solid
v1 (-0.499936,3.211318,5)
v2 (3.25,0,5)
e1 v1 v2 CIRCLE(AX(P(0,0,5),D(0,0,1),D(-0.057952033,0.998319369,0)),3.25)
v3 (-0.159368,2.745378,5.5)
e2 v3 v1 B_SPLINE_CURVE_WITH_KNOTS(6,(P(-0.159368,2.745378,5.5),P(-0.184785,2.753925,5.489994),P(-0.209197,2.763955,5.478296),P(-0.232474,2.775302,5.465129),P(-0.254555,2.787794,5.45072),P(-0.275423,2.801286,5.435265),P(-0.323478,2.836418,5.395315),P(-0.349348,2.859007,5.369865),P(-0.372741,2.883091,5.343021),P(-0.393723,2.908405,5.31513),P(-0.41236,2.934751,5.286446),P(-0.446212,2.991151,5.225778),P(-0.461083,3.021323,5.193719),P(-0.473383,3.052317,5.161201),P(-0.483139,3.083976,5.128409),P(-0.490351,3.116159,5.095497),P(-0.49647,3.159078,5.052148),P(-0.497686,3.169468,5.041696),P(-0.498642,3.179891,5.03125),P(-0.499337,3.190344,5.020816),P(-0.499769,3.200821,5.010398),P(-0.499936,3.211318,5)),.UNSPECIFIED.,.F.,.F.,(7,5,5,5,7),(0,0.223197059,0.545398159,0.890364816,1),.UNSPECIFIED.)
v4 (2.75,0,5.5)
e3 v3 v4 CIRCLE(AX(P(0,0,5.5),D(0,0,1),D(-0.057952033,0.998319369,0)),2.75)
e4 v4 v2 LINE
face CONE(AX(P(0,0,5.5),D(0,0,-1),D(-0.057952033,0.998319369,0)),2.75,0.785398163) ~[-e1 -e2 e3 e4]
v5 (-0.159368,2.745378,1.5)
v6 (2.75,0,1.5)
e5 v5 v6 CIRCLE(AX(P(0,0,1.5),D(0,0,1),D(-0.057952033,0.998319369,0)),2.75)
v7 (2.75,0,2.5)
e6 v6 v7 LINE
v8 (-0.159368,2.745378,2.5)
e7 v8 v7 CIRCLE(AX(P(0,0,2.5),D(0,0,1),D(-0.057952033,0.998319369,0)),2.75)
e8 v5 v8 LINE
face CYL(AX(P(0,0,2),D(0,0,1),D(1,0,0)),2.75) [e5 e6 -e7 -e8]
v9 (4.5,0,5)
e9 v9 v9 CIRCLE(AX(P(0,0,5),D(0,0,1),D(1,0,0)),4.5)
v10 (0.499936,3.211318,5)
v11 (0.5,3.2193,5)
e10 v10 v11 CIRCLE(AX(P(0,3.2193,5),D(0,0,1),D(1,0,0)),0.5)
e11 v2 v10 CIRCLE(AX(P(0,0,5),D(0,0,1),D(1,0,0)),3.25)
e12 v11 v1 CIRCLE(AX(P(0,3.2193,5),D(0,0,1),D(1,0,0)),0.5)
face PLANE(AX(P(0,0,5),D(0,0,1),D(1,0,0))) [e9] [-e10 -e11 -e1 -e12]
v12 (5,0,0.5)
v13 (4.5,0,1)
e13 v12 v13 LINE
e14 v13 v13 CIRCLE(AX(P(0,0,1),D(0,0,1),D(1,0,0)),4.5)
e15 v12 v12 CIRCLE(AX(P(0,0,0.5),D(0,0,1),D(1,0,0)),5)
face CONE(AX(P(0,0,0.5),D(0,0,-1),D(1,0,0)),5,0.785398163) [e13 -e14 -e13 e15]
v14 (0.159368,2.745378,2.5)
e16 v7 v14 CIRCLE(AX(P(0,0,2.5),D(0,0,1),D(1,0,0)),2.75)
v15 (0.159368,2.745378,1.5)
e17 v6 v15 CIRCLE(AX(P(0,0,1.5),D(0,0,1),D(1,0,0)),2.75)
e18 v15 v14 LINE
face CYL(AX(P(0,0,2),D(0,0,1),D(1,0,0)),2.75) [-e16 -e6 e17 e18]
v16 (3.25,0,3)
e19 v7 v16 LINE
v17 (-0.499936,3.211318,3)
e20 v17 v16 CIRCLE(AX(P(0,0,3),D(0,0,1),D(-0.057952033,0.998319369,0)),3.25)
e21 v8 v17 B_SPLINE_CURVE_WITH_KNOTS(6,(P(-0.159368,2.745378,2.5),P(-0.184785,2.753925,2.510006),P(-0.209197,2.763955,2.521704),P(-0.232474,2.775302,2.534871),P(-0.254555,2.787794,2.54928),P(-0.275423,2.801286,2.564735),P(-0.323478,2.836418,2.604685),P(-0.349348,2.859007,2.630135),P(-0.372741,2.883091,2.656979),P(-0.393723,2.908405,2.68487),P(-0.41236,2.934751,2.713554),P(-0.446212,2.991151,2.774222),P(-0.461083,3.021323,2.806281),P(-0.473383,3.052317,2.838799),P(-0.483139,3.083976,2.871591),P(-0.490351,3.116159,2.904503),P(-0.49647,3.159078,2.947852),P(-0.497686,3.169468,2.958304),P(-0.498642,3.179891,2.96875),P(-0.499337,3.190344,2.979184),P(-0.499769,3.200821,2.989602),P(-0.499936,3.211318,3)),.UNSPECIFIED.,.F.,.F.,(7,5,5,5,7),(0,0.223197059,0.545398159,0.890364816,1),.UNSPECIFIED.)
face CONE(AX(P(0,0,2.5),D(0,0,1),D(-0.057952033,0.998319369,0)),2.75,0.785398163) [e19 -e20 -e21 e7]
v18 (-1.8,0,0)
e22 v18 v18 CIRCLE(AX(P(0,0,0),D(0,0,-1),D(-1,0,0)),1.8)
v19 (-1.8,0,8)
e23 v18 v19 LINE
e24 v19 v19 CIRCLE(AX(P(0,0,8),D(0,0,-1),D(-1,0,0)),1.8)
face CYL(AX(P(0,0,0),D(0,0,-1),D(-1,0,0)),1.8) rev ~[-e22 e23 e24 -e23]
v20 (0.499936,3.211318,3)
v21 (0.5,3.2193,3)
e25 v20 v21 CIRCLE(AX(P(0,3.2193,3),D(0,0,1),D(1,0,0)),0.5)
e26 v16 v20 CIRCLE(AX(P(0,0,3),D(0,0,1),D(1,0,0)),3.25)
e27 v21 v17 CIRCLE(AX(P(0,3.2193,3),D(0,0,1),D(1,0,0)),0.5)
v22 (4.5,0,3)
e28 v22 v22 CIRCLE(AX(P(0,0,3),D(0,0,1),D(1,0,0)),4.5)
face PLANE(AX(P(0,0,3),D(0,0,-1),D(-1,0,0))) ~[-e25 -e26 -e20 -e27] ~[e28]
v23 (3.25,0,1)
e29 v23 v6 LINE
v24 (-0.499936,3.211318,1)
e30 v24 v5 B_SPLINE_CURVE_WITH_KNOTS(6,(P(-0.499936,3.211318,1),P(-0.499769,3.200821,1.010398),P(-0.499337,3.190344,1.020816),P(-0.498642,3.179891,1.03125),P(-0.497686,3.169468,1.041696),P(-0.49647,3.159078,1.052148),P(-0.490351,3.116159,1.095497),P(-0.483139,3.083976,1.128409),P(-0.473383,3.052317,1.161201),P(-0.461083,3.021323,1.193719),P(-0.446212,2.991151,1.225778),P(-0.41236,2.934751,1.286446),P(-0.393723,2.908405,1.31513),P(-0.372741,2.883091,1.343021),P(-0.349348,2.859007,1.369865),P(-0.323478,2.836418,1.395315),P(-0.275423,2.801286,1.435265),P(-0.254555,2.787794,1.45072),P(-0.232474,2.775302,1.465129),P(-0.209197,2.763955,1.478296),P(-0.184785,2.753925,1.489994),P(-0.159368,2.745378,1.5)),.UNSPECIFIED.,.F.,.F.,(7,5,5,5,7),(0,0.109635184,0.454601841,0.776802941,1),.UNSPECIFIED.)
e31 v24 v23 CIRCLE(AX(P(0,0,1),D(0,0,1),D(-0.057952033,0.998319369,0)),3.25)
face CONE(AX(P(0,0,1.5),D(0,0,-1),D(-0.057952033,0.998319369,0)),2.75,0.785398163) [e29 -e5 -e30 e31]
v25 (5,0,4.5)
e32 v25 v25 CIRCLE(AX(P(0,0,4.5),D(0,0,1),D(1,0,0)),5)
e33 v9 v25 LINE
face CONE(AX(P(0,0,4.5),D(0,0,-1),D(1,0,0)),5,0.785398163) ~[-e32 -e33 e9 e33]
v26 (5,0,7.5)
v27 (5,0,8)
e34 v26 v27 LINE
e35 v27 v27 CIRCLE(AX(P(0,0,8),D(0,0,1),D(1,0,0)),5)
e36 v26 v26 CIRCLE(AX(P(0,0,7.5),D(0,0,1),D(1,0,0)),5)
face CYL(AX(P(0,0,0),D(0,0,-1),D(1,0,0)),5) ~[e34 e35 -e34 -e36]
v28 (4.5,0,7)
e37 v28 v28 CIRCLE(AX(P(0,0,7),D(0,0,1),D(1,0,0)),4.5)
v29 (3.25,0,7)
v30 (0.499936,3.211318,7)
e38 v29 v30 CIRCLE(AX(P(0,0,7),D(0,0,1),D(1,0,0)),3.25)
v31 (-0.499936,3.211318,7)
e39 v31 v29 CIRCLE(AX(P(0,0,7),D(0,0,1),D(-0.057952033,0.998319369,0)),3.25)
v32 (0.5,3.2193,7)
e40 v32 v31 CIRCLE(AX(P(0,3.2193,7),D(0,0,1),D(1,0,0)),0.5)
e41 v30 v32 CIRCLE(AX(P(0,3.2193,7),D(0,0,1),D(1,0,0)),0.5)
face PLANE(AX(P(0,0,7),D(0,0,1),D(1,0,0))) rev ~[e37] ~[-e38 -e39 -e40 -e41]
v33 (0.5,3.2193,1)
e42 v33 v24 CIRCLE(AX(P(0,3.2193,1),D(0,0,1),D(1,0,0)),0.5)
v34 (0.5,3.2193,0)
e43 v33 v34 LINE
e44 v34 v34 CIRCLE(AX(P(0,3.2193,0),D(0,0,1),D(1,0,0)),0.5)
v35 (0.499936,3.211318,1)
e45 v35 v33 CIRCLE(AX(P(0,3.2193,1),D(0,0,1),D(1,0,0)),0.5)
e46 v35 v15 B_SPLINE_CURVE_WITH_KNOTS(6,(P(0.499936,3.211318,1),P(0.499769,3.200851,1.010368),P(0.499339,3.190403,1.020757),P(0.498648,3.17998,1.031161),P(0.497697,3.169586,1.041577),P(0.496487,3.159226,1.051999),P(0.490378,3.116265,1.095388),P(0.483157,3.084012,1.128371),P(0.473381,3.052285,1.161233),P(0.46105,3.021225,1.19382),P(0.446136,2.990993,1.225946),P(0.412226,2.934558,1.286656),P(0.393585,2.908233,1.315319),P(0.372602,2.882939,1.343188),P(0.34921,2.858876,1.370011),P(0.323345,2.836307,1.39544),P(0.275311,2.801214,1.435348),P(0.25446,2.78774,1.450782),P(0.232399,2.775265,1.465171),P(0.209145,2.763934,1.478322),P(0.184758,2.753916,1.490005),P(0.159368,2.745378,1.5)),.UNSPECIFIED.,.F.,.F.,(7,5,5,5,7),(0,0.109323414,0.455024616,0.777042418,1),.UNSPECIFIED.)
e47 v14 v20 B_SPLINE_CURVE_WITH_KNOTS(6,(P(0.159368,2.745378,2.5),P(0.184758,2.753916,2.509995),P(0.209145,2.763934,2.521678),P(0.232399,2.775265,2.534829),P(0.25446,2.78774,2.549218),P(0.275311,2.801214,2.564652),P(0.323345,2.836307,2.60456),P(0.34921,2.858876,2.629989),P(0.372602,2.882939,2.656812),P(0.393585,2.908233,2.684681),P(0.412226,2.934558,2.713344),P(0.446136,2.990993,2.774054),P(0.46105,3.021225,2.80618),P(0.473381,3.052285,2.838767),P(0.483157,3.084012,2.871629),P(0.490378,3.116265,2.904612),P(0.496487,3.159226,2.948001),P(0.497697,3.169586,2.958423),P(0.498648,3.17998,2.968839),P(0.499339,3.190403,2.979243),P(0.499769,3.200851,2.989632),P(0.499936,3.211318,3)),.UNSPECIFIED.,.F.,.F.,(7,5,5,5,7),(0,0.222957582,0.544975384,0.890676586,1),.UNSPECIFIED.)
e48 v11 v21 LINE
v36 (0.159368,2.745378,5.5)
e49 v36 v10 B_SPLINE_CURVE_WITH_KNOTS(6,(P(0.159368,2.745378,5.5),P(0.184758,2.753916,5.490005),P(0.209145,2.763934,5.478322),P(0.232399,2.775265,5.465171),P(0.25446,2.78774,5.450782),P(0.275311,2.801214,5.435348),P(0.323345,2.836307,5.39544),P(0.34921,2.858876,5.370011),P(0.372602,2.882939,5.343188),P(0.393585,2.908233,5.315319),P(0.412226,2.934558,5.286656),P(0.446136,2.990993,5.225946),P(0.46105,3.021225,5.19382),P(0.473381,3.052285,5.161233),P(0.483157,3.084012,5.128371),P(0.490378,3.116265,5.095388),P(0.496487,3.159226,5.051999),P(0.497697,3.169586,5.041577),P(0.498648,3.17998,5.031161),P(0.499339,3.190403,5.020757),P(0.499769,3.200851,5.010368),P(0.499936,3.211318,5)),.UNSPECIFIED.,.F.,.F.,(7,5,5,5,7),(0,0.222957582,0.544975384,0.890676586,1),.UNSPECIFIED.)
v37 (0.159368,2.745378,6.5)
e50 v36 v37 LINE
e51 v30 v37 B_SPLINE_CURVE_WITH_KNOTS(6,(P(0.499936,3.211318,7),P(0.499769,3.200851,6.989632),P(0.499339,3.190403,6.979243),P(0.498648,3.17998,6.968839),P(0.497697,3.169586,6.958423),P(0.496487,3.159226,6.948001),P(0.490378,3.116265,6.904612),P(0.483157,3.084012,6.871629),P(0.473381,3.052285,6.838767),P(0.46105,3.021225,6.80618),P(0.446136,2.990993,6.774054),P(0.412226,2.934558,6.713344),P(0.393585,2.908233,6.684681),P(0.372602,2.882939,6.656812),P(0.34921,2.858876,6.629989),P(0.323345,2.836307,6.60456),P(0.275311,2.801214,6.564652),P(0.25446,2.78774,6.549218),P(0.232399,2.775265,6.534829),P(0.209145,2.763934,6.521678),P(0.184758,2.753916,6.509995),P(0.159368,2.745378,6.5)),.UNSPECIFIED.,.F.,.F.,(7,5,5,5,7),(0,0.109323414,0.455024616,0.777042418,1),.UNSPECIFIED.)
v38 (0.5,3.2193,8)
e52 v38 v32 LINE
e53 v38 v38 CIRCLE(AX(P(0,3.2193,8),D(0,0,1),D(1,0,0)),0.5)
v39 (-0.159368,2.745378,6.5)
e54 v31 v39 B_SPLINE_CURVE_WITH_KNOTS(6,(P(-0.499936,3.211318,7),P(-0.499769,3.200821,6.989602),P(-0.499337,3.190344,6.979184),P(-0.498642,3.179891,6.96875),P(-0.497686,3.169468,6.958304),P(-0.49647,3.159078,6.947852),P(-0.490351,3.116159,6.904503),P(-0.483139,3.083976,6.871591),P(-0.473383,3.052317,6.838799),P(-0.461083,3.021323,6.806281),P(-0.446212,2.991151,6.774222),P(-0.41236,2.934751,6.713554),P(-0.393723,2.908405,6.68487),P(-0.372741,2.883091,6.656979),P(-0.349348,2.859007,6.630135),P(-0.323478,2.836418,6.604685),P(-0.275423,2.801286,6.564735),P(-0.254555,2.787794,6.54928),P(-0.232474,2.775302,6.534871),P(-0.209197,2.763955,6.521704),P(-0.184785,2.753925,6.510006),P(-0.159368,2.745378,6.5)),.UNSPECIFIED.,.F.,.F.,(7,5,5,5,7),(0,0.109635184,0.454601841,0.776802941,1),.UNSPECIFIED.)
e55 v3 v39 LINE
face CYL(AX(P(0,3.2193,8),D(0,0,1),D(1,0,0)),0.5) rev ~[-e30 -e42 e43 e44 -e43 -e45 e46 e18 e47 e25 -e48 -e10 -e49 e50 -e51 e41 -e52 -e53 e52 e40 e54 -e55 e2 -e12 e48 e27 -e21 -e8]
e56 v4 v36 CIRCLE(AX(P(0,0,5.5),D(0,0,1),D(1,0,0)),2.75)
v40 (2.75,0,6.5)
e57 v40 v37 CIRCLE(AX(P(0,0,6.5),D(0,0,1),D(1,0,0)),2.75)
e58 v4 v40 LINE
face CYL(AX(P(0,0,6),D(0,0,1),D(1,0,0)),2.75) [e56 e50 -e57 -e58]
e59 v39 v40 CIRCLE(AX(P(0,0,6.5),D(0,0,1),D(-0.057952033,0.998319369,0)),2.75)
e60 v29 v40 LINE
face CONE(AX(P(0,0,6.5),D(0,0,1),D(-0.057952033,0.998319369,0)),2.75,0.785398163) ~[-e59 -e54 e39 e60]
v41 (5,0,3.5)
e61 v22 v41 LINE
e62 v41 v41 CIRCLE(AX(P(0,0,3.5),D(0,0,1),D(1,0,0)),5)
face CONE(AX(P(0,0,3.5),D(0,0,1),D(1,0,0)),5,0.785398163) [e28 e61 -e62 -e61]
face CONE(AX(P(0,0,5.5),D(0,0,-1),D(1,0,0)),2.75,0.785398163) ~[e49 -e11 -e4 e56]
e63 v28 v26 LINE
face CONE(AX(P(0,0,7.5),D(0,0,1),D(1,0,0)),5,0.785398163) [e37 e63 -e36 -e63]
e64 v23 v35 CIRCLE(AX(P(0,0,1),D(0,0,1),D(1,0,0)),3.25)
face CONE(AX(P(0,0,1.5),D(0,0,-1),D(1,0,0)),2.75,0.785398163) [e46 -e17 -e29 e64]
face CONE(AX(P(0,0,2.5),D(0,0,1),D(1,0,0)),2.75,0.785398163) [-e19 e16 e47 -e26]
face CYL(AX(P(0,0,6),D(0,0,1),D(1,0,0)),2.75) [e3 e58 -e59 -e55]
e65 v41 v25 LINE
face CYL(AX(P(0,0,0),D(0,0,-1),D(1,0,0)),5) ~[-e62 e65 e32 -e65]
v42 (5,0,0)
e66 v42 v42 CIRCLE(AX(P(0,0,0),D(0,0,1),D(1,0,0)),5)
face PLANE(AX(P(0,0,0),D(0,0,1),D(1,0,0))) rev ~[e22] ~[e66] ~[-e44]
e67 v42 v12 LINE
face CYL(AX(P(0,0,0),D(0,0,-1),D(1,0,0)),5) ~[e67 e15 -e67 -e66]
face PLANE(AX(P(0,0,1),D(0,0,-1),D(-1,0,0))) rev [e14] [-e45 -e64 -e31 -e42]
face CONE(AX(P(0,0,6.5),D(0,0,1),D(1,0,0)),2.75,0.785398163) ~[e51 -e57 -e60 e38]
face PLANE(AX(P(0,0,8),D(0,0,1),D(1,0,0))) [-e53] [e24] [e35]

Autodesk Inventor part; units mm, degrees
ref_plane "YZ Plane" through (0, 0, 0) normal (1, 0, 0) x (0, 1, 0)
ref_plane "XZ Plane" through (0, 0, 0) normal (0, 1, 0) x (-1, 0, 0)
ref_plane "XY Plane" through (0, 0, 0) normal (0, 0, 1) x (1, 0, 0)
sketch "Sketch1" plane through (0, 0, 0) normal (0, 0, 1) x (1, 0, 0)
  circle A0 centre (0, 0) radius 5
  dimension "d0" = 10
extrude "Extrusion1" add sketch "Sketch1" along normal blind 8
ref_plane "Work Plane2" through (0, 0, 6) normal (0, 0, 1) x (1, 0, 0)
ref_plane "Work Plane1" through (0, 0, 4) normal (0, 0, 1) x (1, 0, 0)
sketch "Sketch2" plane through (0, 0, 6) normal (0, 0, 1) x (1, 0, 0)
  circle A0 centre (0, 0) radius 5
  circle A1 centre (0, 0) radius 2.75
  dimension "d3" = 5.5
  dimension "d4" = 10
extrude "Extrusion2" cut sketch "Sketch2" along normal mid plane 2
mirror "Mirror1" about plane through (0, 0, 4) normal (0, 0, 1) of "Extrusion2"
sketch "Sketch3" plane through (0, 0, 0) normal (0, 0, -1) x (-1, 0, 0)
  point P0 (0, 0)
sketch "Sketch4" plane through (0, 0, 0) normal (0, 0, -1) x (-1, 0, 0)
  circle A0 centre (0, 0) radius 1.8
  dimension "d11" = 3.6
extrude "Extrusion3" cut sketch "Sketch4" against normal blind 10
sketch "Sketch5" plane through (0, 0, 8) normal (0, 0, 1) x (1, 0, 0)
  circle A0 centre (0, 3.2193) radius 0.5
  point P0 (0, 0)
  dimension "d14" = 1
extrude "Extrusion4" cut sketch "Sketch5" against normal blind 10
chamfer "Chamfer1" distance 0.5 angle 45 12 edges at (2.0001, 1.8873, 7) (-1.8873, -2.0001, 7) (2.0001, 1.8873, 5) (-1.8873, -2.0001, 5) (2.0001, 1.8873, 3) (-1.8873, -2.0001, 3) (2.0001, 1.8873, 1) (-1.8873, -2.0001, 1) (-5, 0, 7) (-5, 0, 5) (-5, 0, 1) (-5, 0, 3)
properties part number "MotorPullyRounded"
